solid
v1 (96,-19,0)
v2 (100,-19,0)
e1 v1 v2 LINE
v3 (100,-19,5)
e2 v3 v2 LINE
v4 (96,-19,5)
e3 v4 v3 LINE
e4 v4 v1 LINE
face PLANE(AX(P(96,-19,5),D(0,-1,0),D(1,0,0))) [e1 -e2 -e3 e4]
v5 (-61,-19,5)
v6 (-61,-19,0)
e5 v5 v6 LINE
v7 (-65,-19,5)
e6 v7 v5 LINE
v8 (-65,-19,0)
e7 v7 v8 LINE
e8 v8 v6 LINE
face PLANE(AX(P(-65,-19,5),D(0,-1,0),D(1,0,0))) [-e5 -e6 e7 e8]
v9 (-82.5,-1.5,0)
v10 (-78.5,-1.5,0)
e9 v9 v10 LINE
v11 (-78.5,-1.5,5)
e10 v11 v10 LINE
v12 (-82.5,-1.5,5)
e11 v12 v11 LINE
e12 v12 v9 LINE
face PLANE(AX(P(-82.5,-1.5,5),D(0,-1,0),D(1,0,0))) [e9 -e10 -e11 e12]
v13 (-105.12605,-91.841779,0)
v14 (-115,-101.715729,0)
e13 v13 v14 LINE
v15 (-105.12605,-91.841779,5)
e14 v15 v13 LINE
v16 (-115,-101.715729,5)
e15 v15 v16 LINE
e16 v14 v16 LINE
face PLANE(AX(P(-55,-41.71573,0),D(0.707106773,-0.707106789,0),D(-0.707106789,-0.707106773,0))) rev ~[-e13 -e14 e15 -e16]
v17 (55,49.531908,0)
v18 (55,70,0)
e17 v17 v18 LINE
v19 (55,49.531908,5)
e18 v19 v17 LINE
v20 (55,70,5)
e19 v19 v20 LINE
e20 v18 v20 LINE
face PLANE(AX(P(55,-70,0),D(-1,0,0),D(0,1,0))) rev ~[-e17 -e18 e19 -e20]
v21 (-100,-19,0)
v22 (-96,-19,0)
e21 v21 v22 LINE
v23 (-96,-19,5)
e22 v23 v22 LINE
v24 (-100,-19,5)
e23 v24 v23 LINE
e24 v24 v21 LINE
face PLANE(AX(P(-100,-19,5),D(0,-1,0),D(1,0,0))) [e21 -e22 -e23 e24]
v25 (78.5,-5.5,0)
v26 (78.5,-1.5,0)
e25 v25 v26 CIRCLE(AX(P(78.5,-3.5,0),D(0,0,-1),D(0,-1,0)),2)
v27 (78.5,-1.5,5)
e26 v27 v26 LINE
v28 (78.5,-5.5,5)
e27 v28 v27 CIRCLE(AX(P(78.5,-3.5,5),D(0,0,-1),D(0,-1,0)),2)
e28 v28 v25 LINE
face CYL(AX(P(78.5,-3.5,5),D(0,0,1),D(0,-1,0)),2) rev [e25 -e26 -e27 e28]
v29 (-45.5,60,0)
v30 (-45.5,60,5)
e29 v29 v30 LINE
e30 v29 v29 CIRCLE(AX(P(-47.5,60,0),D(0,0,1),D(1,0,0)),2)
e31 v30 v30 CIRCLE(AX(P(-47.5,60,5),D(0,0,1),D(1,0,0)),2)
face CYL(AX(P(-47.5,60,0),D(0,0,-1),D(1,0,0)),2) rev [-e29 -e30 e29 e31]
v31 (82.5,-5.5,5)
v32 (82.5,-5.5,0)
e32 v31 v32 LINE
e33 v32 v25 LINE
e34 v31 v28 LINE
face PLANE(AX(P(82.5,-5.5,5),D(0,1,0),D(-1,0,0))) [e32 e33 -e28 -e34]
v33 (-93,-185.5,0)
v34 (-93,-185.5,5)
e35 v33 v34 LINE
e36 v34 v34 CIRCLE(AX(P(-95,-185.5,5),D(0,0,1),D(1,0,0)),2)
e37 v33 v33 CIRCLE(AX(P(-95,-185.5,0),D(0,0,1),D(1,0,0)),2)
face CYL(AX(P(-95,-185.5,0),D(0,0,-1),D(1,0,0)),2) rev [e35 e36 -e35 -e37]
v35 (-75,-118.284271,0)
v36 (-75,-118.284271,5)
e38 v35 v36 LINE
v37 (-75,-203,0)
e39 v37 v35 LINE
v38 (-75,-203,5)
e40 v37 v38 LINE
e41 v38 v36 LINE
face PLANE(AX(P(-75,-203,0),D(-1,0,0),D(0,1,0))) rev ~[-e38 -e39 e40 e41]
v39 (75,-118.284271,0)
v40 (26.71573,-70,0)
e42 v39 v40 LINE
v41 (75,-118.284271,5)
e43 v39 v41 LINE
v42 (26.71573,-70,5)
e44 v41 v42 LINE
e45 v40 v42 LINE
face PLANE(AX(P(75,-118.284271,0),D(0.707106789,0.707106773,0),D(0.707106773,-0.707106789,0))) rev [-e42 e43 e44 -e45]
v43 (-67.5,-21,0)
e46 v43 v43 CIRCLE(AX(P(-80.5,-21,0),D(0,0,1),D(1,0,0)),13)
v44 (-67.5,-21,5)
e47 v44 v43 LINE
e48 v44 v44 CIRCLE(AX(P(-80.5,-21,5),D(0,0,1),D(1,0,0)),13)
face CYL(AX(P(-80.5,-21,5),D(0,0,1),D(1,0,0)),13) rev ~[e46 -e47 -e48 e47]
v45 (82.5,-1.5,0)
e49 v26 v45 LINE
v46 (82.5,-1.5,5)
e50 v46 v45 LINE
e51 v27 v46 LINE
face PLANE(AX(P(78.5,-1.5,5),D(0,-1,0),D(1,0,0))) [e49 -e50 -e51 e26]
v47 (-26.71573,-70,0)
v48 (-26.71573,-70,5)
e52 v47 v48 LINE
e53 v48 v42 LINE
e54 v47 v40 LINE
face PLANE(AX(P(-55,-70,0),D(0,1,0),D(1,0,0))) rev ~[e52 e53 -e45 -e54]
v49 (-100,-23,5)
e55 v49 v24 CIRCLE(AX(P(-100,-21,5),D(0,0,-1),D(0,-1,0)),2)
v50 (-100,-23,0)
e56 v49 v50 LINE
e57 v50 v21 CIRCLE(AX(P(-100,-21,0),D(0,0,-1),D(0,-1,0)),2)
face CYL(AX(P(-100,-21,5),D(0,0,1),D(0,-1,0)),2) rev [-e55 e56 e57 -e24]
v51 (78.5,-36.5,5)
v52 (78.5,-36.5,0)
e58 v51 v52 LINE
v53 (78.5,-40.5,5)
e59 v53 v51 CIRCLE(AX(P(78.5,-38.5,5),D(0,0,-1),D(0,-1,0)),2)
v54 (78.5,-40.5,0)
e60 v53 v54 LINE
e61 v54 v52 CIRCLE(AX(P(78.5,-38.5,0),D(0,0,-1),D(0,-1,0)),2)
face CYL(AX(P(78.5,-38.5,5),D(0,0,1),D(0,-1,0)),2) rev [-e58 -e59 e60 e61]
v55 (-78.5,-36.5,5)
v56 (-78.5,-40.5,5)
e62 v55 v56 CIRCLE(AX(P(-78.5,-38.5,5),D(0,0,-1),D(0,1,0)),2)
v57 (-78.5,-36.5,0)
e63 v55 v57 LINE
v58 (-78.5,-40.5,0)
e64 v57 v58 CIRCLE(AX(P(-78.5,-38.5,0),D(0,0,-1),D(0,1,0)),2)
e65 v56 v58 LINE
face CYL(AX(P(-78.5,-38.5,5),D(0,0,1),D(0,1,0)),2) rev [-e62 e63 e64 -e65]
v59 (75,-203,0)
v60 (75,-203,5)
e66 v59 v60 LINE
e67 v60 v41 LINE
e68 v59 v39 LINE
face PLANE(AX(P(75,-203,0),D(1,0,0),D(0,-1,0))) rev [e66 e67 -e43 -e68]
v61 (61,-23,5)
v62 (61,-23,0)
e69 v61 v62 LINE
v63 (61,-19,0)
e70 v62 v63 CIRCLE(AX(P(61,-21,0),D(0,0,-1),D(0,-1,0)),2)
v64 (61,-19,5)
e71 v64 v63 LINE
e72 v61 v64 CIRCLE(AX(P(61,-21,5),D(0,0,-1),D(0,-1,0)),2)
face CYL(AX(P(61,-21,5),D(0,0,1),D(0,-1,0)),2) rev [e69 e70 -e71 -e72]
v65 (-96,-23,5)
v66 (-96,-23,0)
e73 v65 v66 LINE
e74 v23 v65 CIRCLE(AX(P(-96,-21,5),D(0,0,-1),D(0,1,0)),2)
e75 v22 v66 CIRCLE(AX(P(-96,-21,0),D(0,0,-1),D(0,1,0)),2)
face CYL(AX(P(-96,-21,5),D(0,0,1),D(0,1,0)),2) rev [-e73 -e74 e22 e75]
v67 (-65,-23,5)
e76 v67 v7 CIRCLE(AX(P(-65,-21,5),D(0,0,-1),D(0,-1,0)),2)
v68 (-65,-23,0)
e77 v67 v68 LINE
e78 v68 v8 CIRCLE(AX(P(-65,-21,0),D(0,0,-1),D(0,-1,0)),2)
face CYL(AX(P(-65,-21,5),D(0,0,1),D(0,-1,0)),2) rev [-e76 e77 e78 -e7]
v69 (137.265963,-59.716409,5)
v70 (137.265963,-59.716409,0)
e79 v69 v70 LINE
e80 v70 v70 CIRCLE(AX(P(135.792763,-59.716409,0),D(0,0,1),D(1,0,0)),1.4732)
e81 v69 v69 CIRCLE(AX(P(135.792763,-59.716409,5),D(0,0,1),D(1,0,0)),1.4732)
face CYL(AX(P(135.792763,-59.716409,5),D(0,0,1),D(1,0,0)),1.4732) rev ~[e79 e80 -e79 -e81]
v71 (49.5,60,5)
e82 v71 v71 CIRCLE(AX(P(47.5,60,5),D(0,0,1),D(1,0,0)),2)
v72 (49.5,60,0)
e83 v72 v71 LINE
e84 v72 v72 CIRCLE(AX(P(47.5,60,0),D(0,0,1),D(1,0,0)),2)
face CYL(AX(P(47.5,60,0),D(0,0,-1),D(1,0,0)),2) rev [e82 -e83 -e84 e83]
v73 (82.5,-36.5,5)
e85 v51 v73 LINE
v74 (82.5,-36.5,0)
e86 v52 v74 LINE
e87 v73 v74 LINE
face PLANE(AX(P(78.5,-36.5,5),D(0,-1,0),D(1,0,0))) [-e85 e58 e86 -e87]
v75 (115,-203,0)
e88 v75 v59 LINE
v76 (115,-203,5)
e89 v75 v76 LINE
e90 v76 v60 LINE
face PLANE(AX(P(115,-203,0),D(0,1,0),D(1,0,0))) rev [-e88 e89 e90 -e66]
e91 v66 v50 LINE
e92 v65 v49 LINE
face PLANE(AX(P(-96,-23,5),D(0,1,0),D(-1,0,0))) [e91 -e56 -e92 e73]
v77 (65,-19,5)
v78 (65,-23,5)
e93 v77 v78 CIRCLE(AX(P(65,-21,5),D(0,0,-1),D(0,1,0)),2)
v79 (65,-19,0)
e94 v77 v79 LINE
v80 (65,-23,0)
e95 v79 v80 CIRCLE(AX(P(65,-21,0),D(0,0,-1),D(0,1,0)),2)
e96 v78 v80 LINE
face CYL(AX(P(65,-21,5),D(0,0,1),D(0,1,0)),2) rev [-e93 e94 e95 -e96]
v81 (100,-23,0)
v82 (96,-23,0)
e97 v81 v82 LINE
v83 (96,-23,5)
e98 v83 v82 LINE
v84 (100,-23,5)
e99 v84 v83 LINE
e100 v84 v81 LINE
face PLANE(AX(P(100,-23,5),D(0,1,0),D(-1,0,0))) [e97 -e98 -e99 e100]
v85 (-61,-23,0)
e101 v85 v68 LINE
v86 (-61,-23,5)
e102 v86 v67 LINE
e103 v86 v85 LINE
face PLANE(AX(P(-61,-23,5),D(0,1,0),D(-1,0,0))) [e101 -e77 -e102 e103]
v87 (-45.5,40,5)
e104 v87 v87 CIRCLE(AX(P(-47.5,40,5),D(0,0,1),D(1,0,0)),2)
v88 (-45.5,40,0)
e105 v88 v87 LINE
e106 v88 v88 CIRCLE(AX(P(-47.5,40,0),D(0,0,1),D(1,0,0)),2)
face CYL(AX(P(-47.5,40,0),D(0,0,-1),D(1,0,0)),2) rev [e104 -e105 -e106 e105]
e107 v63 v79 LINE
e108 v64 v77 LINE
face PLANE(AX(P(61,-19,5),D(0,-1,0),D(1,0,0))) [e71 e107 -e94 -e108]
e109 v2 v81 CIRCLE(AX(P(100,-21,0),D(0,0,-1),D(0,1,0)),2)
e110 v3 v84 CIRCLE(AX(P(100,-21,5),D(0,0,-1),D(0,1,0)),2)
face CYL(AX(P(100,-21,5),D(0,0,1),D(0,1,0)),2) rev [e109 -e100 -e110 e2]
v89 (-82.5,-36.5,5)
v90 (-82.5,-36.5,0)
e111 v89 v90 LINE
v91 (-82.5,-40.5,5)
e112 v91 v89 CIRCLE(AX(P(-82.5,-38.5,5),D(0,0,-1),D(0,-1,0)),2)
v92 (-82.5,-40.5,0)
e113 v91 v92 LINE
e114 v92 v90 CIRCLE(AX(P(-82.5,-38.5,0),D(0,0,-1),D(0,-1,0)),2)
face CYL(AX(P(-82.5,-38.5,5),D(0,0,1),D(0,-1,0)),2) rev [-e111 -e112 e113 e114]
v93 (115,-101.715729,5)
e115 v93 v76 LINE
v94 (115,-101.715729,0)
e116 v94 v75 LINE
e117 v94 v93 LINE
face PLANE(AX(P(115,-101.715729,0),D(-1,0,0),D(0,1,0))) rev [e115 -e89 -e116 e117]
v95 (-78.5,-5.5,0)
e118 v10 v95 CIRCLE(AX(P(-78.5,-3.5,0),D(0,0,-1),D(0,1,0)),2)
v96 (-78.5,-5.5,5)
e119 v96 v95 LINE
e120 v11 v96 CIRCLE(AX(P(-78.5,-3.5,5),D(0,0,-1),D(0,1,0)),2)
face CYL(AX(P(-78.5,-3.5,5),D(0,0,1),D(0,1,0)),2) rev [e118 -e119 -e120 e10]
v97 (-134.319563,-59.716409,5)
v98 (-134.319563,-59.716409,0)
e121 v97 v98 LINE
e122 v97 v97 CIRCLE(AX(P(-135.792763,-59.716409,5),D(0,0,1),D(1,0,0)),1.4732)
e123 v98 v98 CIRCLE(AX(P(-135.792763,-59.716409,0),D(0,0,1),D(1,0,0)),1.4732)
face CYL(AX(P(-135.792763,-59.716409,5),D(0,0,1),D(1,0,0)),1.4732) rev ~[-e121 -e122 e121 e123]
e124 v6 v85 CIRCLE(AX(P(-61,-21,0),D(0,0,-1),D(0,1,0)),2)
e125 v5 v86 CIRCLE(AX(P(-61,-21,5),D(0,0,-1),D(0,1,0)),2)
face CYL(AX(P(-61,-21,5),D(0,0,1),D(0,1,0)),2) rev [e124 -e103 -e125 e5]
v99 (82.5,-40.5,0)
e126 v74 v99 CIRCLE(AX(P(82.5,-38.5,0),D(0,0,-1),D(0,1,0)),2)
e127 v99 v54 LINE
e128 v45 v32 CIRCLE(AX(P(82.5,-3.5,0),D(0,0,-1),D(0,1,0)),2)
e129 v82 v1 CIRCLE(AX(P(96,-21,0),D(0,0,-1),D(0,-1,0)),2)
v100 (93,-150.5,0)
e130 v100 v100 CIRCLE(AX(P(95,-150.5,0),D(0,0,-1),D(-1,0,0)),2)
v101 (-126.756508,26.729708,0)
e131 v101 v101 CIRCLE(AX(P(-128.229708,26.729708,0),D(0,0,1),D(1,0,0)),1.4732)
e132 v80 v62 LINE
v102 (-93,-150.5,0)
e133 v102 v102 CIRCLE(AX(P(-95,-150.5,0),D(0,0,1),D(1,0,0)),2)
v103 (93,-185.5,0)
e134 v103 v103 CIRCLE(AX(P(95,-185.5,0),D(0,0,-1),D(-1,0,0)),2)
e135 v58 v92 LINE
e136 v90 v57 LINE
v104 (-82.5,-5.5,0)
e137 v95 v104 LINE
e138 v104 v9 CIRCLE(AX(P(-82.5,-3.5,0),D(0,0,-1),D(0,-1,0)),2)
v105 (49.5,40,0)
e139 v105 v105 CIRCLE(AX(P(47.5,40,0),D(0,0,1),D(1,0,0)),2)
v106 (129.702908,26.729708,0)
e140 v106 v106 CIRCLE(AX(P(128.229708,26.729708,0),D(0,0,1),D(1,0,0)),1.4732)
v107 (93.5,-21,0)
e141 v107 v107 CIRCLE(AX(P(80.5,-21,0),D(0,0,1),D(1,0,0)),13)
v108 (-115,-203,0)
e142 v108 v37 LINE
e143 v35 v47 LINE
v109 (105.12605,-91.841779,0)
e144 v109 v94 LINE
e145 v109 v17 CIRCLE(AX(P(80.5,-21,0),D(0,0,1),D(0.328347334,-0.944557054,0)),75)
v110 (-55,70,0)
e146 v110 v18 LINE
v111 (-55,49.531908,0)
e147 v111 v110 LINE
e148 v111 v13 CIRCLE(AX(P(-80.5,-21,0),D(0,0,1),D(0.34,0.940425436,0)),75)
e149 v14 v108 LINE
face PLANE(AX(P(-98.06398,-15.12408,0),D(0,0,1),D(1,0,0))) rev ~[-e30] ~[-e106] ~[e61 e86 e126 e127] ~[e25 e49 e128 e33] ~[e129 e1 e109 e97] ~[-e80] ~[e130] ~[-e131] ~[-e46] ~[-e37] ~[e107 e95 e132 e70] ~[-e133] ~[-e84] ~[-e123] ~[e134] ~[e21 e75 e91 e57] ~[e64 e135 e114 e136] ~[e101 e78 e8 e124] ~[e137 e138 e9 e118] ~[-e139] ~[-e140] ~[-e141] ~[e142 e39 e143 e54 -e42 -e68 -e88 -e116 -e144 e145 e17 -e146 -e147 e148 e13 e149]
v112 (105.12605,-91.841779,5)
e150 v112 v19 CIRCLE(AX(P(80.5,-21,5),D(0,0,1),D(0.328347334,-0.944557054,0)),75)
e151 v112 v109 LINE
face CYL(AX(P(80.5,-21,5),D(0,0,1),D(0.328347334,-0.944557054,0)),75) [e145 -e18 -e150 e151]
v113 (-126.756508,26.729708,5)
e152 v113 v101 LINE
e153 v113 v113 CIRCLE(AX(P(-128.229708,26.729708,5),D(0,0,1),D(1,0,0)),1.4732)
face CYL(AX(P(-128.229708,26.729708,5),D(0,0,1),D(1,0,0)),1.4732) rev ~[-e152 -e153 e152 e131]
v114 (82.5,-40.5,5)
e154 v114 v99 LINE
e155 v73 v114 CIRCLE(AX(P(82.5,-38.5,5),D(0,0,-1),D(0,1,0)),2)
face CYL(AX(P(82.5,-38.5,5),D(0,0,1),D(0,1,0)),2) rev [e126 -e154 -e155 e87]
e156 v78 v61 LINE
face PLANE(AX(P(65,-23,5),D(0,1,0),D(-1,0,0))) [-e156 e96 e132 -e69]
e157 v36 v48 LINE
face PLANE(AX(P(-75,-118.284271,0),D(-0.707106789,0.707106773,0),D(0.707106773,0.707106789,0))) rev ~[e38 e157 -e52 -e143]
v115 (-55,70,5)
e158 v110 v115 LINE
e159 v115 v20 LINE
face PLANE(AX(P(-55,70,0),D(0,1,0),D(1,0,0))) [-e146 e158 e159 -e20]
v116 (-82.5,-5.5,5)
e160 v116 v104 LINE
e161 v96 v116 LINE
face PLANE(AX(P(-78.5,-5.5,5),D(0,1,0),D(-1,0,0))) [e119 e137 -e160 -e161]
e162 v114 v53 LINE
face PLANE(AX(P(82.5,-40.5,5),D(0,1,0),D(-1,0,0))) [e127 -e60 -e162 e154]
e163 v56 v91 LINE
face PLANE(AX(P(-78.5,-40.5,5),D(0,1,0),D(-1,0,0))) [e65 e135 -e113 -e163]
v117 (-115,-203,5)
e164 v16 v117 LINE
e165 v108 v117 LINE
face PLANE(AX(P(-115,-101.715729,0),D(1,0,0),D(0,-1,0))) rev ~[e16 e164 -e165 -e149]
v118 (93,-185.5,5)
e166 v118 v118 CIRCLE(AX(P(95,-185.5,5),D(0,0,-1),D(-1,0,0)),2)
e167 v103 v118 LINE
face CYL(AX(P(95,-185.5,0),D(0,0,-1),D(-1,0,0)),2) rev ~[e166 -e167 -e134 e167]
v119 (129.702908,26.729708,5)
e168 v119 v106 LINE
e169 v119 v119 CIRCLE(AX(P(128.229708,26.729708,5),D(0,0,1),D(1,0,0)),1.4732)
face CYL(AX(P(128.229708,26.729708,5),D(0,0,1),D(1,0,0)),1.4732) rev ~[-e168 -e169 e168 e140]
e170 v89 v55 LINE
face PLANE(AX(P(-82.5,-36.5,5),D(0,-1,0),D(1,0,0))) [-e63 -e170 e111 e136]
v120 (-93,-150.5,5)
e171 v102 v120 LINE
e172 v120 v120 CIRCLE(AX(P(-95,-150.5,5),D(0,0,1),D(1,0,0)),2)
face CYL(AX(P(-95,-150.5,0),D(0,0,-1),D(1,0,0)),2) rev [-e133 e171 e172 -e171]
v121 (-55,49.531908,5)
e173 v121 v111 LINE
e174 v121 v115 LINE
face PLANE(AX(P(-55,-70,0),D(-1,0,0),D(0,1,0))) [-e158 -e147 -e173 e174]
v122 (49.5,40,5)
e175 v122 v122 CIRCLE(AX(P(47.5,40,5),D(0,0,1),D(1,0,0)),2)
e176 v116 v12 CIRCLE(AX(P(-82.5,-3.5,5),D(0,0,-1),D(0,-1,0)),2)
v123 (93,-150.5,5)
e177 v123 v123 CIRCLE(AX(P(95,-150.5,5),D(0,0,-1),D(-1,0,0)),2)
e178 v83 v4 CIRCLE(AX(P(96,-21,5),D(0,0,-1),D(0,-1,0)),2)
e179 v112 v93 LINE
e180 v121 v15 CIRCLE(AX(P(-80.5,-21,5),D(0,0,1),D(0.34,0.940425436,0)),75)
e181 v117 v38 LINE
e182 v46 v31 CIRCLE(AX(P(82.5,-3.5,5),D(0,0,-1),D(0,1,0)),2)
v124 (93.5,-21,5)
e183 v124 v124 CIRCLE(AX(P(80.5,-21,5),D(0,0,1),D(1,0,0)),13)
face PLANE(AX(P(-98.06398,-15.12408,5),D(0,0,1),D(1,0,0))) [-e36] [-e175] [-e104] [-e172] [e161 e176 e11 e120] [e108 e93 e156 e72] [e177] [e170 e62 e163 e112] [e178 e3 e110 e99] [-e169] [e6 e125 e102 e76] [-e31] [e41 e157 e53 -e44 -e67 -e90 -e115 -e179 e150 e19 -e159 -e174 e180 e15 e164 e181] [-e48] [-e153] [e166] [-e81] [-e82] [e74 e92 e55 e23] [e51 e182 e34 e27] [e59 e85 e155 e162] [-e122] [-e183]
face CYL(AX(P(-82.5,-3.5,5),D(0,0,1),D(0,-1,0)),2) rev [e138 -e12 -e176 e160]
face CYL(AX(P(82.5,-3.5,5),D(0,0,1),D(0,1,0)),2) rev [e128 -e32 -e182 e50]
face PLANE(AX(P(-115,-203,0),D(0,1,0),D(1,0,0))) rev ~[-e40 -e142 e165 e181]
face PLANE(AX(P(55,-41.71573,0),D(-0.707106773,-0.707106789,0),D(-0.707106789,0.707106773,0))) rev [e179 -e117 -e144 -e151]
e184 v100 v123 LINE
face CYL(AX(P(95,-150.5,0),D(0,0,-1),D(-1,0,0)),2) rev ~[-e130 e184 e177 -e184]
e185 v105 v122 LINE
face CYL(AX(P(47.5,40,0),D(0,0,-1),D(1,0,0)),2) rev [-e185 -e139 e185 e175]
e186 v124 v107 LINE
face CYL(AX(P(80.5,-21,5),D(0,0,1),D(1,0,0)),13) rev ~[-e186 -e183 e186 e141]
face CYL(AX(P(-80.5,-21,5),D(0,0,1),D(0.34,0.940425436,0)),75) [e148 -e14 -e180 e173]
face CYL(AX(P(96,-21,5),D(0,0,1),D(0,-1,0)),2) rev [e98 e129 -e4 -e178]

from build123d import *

# Parameters (mm, degrees)
SKETCH1_W           = 110
SKETCH1_H           = 140
SKETCH1_R           = 2
BOSS_EXTRUDE1_DEPTH = 5
SKETCH2_R           = 2
BOSS_EXTRUDE2_DEPTH = 5
SKETCH3_R           = 1.4732
SKETCH3_R_2         = 13
BOSS_EXTRUDE3_DEPTH = 5


with BuildPart() as part:
    # Sketch1 → Boss-Extrude1 (new body)
    with BuildSketch(Plane.XY):
        Rectangle(SKETCH1_W, SKETCH1_H)
        with Locations((-47.5, 40)):
            Circle(SKETCH1_R, mode=Mode.SUBTRACT)
        with Locations((47.5, 40)):
            Circle(SKETCH1_R, mode=Mode.SUBTRACT)
        with Locations((-47.5, 60)):
            Circle(SKETCH1_R, mode=Mode.SUBTRACT)
        with Locations((47.5, 60)):
            Circle(SKETCH1_R, mode=Mode.SUBTRACT)
    extrude(amount=BOSS_EXTRUDE1_DEPTH)

    # Sketch2 → Boss-Extrude2 (add)
    with BuildSketch(Plane.XY):
        Polygon((-26.715730122, -70), (-55, -41.715730122), (-115, -101.715728753), (-115, -203), (-75, -203), (-75, -118.28427098), align=None)
        with Locations((-95, -185.5)):
            Circle(SKETCH2_R, mode=Mode.SUBTRACT)
        with Locations((-95, -150.5)):
            Circle(SKETCH2_R, mode=Mode.SUBTRACT)
    boss_extrude2 = extrude(amount=BOSS_EXTRUDE2_DEPTH)

    # Mirror1: Boss-Extrude2 across plane
    add(boss_extrude2.mirror(Plane(origin=(0, 0, 0), x_dir=(0, 0, 1), z_dir=(1, 0, 0))))

    # Sketch3 → Boss-Extrude3 (add)
    # profile 1 of 2: a face of its own
    with BuildSketch(Plane.XY.offset(5)):
        with BuildLine():
            ThreePointArc((-55, 49.531907673), (-151.188194001, 4.063503923), (-105.126050066, -91.841779044))
            Line((-105.126050066, -91.841779044), (-55, -41.715730122))
            Line((-55, -41.715730122), (-55, 49.531907673))
        make_face()
        with Locations((-135.79276299, -59.716409454)):
            Circle(SKETCH3_R, mode=Mode.SUBTRACT)
        with Locations((-128.22970773, 26.72970773)):
            Circle(SKETCH3_R, mode=Mode.SUBTRACT)
        with BuildLine():
            ThreePointArc((-65, -23), (-67, -21), (-65, -19))
            Line((-65, -19), (-61, -19))
            ThreePointArc((-61, -19), (-59, -21), (-61, -23))
            Line((-61, -23), (-65, -23))
        make_face(mode=Mode.SUBTRACT)
        with BuildLine():
            Line((-78.5, -40.5), (-82.5, -40.5))
            ThreePointArc((-82.5, -40.5), (-84.5, -38.5), (-82.5, -36.5))
            Line((-82.5, -36.5), (-78.5, -36.5))
            ThreePointArc((-78.5, -36.5), (-76.5, -38.5), (-78.5, -40.5))
        make_face(mode=Mode.SUBTRACT)
        with BuildLine():
            ThreePointArc((-96, -19), (-94, -21), (-96, -23))
            Line((-96, -23), (-100, -23))
            ThreePointArc((-100, -23), (-102, -21), (-100, -19))
            Line((-100, -19), (-96, -19))
        make_face(mode=Mode.SUBTRACT)
        with Locations((-80.5, -21)):
            Circle(SKETCH3_R_2, mode=Mode.SUBTRACT)
        with BuildLine():
            ThreePointArc((-82.5, -5.5), (-84.5, -3.5), (-82.5, -1.5))
            Line((-82.5, -1.5), (-78.5, -1.5))
            ThreePointArc((-78.5, -1.5), (-76.5, -3.5), (-78.5, -5.5))
            Line((-78.5, -5.5), (-82.5, -5.5))
        make_face(mode=Mode.SUBTRACT)
    # profile 2 of 2: a face of its own
    with BuildSketch(Plane.XY.offset(5)):
        with BuildLine():
            ThreePointArc((105.126050066, -91.841779044), (151.188194001, 4.063503923), (55, 49.531907673))
            Line((55, 49.531907673), (55, -41.715730122))
            Line((55, -41.715730122), (105.126050066, -91.841779044))
        make_face()
        with Locations((135.79276299, -59.716409454)):
            Circle(SKETCH3_R, mode=Mode.SUBTRACT)
        with Locations((128.22970773, 26.72970773)):
            Circle(SKETCH3_R, mode=Mode.SUBTRACT)
        with BuildLine():
            ThreePointArc((82.5, -1.5), (84.5, -3.5), (82.5, -5.5))
            Line((82.5, -5.5), (78.5, -5.5))
            ThreePointArc((78.5, -5.5), (76.5, -3.5), (78.5, -1.5))
            Line((78.5, -1.5), (82.5, -1.5))
        make_face(mode=Mode.SUBTRACT)
        with BuildLine():
            ThreePointArc((65, -19), (67, -21), (65, -23))
            Line((65, -23), (61, -23))
            ThreePointArc((61, -23), (59, -21), (61, -19))
            Line((61, -19), (65, -19))
        make_face(mode=Mode.SUBTRACT)
        with BuildLine():
            ThreePointArc((82.5, -36.5), (84.5, -38.5), (82.5, -40.5))
            Line((82.5, -40.5), (78.5, -40.5))
            ThreePointArc((78.5, -40.5), (76.5, -38.5), (78.5, -36.5))
            Line((78.5, -36.5), (82.5, -36.5))
        make_face(mode=Mode.SUBTRACT)
        with Locations((80.5, -21)):
            Circle(SKETCH3_R_2, mode=Mode.SUBTRACT)
        with BuildLine():
            Line((100, -23), (96, -23))
            ThreePointArc((96, -23), (94, -21), (96, -19))
            Line((96, -19), (100, -19))
            ThreePointArc((100, -19), (102, -21), (100, -23))
        make_face(mode=Mode.SUBTRACT)
    extrude(amount=-BOSS_EXTRUDE3_DEPTH)


solid = part.part
